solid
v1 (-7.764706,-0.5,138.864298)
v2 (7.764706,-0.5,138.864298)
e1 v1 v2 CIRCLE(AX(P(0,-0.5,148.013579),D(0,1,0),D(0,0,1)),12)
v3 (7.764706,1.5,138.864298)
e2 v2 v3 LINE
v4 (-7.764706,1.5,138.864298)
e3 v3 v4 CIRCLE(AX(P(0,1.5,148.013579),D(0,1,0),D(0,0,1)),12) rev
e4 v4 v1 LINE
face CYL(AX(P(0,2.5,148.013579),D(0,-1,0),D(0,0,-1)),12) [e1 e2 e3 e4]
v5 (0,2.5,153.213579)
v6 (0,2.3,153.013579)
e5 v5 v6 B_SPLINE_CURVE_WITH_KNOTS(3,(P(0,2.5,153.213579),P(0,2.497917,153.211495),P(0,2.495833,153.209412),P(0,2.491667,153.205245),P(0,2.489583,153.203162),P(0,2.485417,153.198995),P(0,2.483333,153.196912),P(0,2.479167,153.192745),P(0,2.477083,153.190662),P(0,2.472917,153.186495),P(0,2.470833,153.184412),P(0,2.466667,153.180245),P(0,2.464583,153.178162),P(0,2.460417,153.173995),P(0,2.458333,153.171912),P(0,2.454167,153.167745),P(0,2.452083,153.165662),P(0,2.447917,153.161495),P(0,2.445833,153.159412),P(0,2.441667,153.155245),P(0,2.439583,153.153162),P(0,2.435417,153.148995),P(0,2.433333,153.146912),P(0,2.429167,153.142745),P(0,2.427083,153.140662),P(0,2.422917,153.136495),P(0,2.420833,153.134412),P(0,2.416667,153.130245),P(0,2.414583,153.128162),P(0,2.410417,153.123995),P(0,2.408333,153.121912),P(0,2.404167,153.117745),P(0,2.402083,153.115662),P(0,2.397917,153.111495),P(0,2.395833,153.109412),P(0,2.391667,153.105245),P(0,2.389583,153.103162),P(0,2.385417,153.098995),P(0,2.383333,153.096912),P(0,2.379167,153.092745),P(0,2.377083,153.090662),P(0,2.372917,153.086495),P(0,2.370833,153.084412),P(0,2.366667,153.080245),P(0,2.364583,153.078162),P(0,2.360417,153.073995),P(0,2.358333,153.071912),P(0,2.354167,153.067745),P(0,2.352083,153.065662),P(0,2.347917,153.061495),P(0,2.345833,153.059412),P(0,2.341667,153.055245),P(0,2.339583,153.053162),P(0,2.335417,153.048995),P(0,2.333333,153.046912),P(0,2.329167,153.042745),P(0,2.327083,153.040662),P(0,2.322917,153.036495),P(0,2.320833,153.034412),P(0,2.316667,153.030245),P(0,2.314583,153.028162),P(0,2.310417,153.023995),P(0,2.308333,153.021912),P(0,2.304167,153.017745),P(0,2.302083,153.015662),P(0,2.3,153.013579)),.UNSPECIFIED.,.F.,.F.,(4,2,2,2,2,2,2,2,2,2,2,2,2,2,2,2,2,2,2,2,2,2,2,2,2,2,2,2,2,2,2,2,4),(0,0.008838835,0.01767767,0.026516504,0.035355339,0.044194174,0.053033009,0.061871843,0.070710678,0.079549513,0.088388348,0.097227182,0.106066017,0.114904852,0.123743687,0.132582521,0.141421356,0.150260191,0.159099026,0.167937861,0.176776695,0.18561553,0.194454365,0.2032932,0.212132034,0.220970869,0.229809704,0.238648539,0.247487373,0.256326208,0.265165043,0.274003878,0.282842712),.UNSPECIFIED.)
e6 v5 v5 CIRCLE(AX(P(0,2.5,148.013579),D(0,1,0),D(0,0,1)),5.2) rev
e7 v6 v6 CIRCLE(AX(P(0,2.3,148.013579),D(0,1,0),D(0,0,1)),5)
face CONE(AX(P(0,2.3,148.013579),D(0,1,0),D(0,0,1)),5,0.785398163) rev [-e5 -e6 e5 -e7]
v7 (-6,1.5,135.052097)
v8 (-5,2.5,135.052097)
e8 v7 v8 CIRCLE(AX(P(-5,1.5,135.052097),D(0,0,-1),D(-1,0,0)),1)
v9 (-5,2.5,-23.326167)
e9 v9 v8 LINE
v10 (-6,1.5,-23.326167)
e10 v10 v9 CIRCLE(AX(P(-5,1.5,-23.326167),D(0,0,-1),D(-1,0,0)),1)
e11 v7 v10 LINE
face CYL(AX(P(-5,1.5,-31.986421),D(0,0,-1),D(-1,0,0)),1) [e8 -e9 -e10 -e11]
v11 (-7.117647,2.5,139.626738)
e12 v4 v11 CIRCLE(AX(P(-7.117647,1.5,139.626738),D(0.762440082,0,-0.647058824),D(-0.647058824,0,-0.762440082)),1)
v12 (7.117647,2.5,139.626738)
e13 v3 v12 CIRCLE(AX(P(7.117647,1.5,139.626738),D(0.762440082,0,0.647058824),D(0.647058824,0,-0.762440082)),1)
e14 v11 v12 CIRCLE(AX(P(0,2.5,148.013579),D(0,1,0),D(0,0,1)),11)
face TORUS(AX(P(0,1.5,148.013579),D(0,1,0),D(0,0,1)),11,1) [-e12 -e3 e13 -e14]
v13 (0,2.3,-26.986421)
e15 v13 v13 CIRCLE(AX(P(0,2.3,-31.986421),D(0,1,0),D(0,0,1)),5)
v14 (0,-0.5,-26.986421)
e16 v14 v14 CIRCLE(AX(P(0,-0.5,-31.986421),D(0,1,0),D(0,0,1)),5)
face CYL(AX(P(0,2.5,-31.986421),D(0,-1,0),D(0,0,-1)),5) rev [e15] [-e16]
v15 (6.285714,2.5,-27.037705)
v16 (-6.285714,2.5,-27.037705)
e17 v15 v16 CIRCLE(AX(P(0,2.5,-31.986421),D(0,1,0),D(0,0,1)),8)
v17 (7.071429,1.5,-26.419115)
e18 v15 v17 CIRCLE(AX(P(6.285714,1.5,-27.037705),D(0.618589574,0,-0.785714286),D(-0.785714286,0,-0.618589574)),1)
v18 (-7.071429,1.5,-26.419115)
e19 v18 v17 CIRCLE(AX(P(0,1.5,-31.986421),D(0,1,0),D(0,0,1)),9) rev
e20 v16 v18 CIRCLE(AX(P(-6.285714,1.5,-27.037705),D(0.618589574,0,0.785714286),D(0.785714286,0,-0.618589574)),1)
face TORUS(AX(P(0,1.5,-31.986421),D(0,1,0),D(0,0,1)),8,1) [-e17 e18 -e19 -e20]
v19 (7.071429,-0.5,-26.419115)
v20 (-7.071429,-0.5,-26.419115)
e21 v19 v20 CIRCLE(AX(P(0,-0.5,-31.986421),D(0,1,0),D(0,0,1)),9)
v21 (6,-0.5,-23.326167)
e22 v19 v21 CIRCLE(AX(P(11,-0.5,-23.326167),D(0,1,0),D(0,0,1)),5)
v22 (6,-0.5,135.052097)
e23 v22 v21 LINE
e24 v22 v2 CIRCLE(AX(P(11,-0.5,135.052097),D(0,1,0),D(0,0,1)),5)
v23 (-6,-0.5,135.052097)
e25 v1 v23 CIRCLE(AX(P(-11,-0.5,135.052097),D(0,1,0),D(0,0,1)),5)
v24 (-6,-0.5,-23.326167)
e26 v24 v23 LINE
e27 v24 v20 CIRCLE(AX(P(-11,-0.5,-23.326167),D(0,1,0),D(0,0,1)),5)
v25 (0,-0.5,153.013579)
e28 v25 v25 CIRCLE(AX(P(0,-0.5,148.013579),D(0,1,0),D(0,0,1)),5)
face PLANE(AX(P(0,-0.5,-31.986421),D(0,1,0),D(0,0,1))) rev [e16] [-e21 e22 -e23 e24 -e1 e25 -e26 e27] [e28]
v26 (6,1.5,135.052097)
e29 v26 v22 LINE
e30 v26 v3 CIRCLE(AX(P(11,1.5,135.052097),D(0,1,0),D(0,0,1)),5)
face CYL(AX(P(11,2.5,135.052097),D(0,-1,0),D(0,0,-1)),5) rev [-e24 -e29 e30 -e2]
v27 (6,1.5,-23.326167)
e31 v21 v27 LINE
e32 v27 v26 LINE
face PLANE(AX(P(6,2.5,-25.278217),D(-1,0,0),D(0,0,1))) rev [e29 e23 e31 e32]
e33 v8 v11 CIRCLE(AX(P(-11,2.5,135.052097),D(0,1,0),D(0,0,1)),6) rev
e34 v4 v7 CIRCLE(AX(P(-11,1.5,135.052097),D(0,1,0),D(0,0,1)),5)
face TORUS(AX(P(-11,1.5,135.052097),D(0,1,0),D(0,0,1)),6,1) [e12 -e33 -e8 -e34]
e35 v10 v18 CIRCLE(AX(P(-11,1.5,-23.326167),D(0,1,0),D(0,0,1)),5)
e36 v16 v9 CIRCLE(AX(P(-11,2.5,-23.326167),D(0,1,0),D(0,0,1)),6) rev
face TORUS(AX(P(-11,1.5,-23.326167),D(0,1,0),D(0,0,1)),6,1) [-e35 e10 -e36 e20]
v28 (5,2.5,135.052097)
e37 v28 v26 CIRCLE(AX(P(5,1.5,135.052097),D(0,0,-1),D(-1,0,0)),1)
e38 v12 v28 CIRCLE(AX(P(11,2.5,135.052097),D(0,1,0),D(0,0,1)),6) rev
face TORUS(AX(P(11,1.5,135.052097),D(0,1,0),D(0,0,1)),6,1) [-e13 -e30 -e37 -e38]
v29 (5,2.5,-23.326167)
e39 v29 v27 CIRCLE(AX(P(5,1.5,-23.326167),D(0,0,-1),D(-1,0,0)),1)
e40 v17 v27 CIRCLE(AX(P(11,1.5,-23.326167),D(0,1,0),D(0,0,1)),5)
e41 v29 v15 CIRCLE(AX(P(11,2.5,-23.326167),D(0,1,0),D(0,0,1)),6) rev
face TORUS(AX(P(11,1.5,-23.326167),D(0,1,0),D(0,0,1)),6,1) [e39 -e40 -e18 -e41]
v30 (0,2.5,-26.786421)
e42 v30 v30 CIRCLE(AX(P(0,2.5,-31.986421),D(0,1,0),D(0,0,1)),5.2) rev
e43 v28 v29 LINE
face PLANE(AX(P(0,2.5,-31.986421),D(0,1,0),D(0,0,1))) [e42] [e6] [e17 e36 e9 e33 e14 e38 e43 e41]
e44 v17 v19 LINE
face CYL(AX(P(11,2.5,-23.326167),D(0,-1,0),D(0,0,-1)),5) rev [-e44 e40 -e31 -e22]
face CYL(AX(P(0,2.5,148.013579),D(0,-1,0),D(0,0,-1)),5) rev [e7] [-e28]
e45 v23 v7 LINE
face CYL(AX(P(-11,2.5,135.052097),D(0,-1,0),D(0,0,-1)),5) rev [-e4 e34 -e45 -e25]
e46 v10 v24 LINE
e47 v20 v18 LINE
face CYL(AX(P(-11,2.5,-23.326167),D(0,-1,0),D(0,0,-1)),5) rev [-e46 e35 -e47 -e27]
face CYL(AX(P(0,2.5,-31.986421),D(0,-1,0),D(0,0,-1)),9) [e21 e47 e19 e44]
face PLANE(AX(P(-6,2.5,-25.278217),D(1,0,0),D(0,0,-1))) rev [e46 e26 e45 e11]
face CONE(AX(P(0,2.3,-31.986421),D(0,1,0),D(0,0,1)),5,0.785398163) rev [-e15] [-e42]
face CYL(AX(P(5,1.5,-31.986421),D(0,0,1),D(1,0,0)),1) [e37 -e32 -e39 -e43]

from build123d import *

# Parameters (mm, degrees)
SKETCH_1_R      = 3.333333333
EXTRUDE_1_DEPTH = 2
SCALE_1_SCALE   = 1.5
CHAMFER_1_SIZE  = 0.2
FILLET_1_R      = 5
FILLET_2_R      = 1


with BuildPart() as part:
    # 草图1 → 凸台-拉伸1 (new body)
    with BuildSketch(Plane(origin=(0, 0, 0), x_dir=(1, 0, 0), z_dir=(0, 1, 0))):
        with BuildLine():
            Line((-4, -4.472135955), (-4, -113.07179677))
            ThreePointArc((-4, -113.07179677), (0, -128), (4, -113.07179677))
            Line((4, -113.07179677), (4, -4.472135955))
            ThreePointArc((4, -4.472135955), (0, 6), (-4, -4.472135955))
        make_face()
        with Locations(Location((0, 0, 0), (0, 0, 270))):
            Circle(SKETCH_1_R, mode=Mode.SUBTRACT)
        with Locations(Location((0, -120, 0), (0, 0, 270))):
            Circle(SKETCH_1_R, mode=Mode.SUBTRACT)
    extrude(amount=EXTRUDE_1_DEPTH)


with BuildPart() as part_1:
    # 缩放比例1: scaled about (0, 1, 63.97284267)
    add(part.part.scale(SCALE_1_SCALE).moved(Location((0, -0.5, -31.986421335))))

    # 倒角1
    chamfer_1_edges = [part_1.edges().sort_by_distance(p)[0] for p in [
        (0, 2.5, -36.986421335),
        (0, 2.5, 143.013578665),
    ]]
    chamfer(chamfer_1_edges, length=CHAMFER_1_SIZE)

    # 圆角1
    fillet_1_edges = [part_1.edges().sort_by_distance(p)[0] for p in [
        (6, 1, -25.278217403),
        (6, 1, 137.62127382),
        (-6, 1, 137.62127382),
        (-6, 1, -25.278217403),
    ]]
    fillet(fillet_1_edges, radius=FILLET_1_R)

    # 圆角2
    fillet_2_edges = [part_1.edges().sort_by_distance(p)[0] for p in [
        (6, 2.5, 55.862964986),
        (0, 2.5, 160.013578665),
        (-6, 2.5, 55.862964986),
        (0, 2.5, -40.986421335),
        (6.462573935, 2.5, 137.152517394),
        (-6.462573935, 2.5, 137.152517394),
        (-6.275444087, 2.5, -24.962801474),
        (6.275444087, 2.5, -24.962801474),
    ]]
    fillet(fillet_2_edges, radius=FILLET_2_R)


solid = part_1.part
